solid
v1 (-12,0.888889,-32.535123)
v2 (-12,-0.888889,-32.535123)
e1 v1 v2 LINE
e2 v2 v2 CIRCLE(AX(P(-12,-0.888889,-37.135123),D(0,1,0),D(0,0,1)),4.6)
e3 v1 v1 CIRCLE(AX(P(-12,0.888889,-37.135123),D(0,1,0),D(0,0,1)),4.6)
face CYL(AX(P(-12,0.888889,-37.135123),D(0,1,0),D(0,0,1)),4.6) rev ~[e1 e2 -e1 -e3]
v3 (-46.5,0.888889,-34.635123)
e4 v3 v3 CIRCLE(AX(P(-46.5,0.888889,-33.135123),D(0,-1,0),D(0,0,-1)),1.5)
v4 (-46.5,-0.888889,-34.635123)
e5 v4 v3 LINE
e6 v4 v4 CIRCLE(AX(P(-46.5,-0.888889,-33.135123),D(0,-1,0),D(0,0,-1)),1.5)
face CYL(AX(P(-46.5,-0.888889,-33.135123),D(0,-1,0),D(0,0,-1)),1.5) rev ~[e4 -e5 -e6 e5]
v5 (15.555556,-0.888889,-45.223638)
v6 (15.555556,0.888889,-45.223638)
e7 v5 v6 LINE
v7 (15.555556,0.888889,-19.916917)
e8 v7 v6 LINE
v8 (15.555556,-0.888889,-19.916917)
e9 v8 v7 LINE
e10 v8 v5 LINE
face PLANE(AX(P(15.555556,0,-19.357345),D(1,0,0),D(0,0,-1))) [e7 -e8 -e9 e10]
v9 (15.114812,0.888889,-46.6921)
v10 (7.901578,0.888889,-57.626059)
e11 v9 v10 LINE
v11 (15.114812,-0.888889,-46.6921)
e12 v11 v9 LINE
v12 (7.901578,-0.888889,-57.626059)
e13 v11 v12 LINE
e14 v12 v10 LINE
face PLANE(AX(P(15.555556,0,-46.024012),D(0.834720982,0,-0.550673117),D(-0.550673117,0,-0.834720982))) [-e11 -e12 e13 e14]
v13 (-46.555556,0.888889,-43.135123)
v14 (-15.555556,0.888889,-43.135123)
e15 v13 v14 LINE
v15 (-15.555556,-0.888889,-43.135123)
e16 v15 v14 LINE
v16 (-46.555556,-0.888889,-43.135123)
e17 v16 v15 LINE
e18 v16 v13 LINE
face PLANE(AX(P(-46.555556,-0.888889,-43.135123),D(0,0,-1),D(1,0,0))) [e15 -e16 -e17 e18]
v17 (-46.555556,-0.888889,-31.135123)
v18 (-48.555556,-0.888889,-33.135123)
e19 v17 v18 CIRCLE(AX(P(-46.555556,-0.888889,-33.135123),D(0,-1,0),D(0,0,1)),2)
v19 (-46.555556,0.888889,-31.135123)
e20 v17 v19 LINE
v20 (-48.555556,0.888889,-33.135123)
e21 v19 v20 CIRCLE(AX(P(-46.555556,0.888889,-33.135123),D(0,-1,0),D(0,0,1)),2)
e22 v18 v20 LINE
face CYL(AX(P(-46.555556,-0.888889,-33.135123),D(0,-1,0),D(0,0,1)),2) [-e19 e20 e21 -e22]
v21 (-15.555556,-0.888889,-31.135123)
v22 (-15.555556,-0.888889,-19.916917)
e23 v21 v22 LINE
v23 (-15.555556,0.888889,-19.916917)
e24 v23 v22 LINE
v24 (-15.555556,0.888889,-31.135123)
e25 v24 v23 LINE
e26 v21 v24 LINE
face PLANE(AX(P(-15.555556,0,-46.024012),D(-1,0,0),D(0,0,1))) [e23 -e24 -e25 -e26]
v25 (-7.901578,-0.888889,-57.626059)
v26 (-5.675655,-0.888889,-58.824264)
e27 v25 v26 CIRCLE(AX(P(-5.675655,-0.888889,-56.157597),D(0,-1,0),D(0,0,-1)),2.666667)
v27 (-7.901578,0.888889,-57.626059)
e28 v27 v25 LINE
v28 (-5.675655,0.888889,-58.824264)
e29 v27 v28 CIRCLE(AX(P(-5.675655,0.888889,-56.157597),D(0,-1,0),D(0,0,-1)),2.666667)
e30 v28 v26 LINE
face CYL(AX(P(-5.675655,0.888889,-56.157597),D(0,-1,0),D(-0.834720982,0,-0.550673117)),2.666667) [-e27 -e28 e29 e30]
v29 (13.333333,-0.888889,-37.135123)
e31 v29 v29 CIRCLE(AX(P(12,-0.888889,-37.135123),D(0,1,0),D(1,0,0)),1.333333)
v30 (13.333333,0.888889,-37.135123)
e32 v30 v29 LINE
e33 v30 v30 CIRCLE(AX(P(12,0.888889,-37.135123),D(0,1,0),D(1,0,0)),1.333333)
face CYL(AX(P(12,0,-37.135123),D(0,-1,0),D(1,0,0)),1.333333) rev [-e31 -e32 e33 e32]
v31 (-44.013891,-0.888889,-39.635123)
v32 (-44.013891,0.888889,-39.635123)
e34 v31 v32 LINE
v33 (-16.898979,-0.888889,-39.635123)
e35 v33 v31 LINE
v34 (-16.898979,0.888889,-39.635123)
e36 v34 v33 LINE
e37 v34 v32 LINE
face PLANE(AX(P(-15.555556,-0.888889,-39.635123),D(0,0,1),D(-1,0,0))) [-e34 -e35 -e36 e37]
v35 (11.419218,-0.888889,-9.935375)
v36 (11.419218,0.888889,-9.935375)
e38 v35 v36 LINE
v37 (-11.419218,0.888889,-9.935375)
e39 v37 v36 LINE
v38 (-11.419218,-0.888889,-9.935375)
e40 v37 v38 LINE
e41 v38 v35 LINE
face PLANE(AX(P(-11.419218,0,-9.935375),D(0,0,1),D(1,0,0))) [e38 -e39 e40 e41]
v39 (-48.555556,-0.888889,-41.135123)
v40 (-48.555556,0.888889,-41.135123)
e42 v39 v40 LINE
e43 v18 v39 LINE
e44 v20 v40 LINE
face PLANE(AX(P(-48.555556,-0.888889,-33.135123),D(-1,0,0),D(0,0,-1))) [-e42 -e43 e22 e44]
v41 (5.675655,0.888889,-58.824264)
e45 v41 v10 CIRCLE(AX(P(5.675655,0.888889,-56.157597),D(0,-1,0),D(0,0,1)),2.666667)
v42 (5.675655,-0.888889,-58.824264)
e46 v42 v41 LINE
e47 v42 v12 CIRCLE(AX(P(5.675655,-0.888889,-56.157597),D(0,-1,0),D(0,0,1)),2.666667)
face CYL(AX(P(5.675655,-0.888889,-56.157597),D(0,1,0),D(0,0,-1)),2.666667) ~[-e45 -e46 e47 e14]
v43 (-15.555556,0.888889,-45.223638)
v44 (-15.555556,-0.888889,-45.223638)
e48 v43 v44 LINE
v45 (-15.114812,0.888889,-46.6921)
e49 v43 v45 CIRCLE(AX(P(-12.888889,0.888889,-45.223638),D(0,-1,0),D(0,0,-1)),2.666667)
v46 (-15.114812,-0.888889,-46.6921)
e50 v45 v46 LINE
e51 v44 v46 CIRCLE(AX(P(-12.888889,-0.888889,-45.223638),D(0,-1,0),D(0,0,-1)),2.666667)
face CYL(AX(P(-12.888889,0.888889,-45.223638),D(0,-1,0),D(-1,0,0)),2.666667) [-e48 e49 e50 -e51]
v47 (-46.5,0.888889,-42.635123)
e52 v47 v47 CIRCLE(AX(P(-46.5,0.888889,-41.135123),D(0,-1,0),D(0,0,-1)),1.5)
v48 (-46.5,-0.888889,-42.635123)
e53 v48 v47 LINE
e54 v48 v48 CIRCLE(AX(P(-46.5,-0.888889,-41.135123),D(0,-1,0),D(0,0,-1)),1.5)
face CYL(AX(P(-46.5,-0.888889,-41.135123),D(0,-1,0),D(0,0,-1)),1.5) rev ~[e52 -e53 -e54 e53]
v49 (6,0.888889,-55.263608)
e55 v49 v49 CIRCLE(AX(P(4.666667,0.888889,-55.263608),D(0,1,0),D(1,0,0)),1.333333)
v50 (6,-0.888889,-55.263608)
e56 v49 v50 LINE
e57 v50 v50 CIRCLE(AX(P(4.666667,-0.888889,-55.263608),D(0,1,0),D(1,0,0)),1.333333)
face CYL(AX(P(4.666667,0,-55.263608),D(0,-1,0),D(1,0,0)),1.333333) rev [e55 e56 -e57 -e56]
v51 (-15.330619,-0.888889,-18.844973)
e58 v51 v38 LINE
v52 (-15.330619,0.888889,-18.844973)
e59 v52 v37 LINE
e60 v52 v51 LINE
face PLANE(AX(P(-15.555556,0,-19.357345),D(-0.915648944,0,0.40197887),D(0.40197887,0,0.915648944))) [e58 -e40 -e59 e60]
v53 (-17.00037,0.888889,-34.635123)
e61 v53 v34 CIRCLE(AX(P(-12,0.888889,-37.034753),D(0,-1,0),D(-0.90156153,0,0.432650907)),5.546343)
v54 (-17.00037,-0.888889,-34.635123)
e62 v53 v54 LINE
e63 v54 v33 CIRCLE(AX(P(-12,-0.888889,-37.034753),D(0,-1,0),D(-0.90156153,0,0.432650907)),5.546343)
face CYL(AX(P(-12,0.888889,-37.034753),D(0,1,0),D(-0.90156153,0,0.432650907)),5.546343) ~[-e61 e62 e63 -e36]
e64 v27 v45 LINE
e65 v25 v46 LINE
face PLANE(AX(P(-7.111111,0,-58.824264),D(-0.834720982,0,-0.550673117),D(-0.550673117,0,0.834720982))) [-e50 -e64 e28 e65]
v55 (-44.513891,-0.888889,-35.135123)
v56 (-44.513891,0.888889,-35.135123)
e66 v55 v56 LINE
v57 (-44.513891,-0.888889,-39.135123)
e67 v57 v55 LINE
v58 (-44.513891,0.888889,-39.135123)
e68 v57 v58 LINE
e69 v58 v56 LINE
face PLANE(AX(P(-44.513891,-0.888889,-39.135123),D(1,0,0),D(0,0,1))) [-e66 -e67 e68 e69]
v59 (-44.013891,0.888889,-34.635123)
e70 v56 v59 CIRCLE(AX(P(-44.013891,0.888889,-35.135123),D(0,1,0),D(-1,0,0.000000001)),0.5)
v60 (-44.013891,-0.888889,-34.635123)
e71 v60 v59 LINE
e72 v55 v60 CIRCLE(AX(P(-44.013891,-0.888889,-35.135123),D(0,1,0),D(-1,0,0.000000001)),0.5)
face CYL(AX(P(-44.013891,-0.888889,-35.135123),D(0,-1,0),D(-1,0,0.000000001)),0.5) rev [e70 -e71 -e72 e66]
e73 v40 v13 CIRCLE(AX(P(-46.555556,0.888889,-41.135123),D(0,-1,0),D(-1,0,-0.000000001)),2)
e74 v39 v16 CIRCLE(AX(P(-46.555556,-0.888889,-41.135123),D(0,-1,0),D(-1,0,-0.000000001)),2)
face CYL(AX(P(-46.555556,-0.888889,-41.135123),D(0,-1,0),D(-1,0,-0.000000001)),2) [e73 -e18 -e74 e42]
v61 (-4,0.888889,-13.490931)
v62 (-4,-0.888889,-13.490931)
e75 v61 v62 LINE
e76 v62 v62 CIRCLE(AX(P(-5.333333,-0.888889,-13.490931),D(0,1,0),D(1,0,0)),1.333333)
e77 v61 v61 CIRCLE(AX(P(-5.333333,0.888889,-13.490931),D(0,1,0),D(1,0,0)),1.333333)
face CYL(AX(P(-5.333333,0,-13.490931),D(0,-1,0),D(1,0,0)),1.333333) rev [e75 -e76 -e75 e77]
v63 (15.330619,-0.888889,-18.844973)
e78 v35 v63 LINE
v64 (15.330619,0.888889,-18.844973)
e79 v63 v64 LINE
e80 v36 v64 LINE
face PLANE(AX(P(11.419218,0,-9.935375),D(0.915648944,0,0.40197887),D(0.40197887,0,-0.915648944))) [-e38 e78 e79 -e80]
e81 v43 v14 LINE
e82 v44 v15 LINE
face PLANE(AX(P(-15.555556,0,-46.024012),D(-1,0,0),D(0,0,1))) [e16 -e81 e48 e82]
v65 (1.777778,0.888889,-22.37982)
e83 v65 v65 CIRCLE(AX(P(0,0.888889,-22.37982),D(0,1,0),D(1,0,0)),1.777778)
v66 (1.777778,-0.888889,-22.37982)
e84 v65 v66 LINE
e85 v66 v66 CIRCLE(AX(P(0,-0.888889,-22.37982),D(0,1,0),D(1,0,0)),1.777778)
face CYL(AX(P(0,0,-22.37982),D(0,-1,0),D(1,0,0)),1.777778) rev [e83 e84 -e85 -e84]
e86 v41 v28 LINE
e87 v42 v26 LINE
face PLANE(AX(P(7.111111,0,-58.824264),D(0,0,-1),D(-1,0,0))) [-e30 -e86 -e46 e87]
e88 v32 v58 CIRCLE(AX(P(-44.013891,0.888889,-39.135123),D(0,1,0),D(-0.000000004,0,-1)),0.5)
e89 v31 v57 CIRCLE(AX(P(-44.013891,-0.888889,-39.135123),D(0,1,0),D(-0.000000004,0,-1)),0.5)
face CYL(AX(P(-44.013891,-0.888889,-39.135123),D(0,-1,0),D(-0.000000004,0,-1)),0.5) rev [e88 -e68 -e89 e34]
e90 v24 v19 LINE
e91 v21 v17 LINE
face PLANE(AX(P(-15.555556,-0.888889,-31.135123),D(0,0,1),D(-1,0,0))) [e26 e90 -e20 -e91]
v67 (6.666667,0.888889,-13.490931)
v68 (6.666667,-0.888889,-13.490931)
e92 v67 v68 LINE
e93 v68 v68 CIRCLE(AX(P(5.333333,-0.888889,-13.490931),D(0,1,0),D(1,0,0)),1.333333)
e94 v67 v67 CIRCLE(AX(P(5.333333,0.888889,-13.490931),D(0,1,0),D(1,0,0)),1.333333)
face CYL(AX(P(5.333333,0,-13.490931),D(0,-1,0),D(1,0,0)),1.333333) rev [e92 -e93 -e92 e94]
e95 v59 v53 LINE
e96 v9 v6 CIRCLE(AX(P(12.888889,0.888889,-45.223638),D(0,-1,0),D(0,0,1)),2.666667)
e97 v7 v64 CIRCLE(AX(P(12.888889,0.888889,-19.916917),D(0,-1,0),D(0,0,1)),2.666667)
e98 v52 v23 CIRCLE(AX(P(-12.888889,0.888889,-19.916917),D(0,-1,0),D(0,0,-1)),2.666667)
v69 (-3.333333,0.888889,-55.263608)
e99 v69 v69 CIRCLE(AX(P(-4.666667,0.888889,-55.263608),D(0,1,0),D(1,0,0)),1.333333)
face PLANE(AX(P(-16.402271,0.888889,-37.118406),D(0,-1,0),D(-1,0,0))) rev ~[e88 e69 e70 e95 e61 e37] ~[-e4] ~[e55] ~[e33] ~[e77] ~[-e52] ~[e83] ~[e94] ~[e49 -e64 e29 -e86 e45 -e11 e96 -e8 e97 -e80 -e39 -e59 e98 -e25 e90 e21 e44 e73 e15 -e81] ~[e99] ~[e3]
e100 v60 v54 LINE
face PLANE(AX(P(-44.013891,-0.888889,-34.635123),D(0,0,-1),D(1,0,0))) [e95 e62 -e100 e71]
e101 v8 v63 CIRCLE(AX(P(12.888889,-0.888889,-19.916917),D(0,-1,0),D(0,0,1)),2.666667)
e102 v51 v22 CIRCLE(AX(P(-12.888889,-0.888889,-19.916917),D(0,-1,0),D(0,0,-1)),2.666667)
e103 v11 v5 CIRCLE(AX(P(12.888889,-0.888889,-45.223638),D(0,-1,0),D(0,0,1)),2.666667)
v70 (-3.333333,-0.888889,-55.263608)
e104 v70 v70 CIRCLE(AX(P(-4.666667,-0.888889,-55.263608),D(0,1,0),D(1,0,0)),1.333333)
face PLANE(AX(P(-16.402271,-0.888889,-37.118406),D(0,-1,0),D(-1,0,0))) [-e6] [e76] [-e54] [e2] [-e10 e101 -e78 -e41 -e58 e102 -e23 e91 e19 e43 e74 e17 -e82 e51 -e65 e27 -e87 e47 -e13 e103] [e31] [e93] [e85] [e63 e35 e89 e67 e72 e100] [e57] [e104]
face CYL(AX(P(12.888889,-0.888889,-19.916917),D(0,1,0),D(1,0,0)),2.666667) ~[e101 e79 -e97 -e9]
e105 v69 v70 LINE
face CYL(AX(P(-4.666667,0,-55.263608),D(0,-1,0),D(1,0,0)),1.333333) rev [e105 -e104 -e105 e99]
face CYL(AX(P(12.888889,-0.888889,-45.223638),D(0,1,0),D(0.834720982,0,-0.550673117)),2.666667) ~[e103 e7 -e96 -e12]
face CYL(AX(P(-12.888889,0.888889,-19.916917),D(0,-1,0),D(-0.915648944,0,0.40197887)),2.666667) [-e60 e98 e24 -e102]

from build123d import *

# Parameters (mm, degrees)
CROQUIS1_R              = 1.5
CROQUIS1_R_2            = 2
SALIENTE_EXTRUIR1_DEPTH = 1
REDONDEO1_R             = 3
SCALE1_SCALE            = 0.888888889
SKETCH1_R               = 1.5
BOSS_EXTRUDE1_DEPTH     = 1.777777778
BOSS_EXTRUDE2_DEPTH     = 1.777777778
SKETCH3_R               = 4.6
CUT_EXTRUDE1_DEPTH      = 10


with BuildPart() as part:
    # Croquis1 → Saliente-Extruir1 (new, symmetric)
    with BuildSketch(Plane(origin=(0, 0, 0), x_dir=(1, 0, 0), z_dir=(0, 1, 0))):
        Polygon((-12.846620717, 7), (12.846620717, 7), (17.5, 17.599715907), (17.5, 47.599715907), (8, 62), (-8, 62), (-17.5, 47.599715907), (-17.5, 17.599715907), align=None)
        with Locations((-6, 11)):
            Circle(CROQUIS1_R, mode=Mode.SUBTRACT)
        with Locations((6, 11)):
            Circle(CROQUIS1_R, mode=Mode.SUBTRACT)
        with Locations((0, 21)):
            Circle(CROQUIS1_R_2, mode=Mode.SUBTRACT)
        with Locations((-13.5, 37.599715907)):
            Circle(CROQUIS1_R, mode=Mode.SUBTRACT)
        with Locations((-5.25, 57.994261746)):
            Circle(CROQUIS1_R, mode=Mode.SUBTRACT)
        with Locations((13.5, 37.599715907)):
            Circle(CROQUIS1_R, mode=Mode.SUBTRACT)
        with Locations((5.25, 57.994261746)):
            Circle(CROQUIS1_R, mode=Mode.SUBTRACT)
    extrude(amount=SALIENTE_EXTRUIR1_DEPTH, both=True)

    # Redondeo1
    redondeo1_edges = [part.edges().sort_by_distance(p)[0] for p in [
        (17.5, 0, -17.599715907),
        (-17.5, 0, -17.599715907),
        (-17.5, 0, -47.599715907),
        (-8, 0, -62),
        (8, 0, -62),
        (17.5, 0, -47.599715907),
    ]]
    fillet(redondeo1_edges, radius=REDONDEO1_R)


with BuildPart() as part_1:
    # Scale1: scaled about (0, 0, -33.418377338)
    add(part.part.scale(SCALE1_SCALE).moved(Location((0, 0, -3.713153038))))

    # Sketch1 → Boss-Extrude1 (add)
    with BuildSketch(Plane.XZ.offset(0.888888889)):
        with BuildLine():
            Line((-15.555555556, -31.135122733), (-46.555555556, -31.135122733))
            ThreePointArc((-46.555555556, -31.135122733), (-47.969769118, -31.72090917), (-48.555555556, -33.135122733))
            Line((-48.555555556, -33.135122733), (-48.555555556, -41.135122733))
            ThreePointArc((-48.555555556, -41.135122733), (-47.969769118, -42.549336295), (-46.555555556, -43.135122733))
            Line((-46.555555556, -43.135122733), (-15.555555556, -43.135122733))
            Line((-15.555555556, -43.135122733), (-15.555555556, -39.635122733))
            Line((-15.555555556, -39.635122733), (-44.013890567, -39.635122733))
            ThreePointArc((-44.013890567, -39.635122733), (-44.367443957, -39.488676123), (-44.513890567, -39.135122733))
            Line((-44.513890567, -39.135122733), (-44.513890567, -35.135122733))
            ThreePointArc((-44.513890567, -35.135122733), (-44.367443957, -34.781569342), (-44.013890567, -34.635122733))
            Line((-44.013890567, -34.635122733), (-15.555555556, -34.635122733))
            Line((-15.555555556, -34.635122733), (-15.555555556, -31.135122733))
        make_face()
        with Locations(Location((-46.5, -33.135122733, 0), (0, 0, 270))):
            Circle(SKETCH1_R, mode=Mode.SUBTRACT)
        with Locations(Location((-46.5, -41.135122733, 0), (0, 0, 270))):
            Circle(SKETCH1_R, mode=Mode.SUBTRACT)
    extrude(amount=-BOSS_EXTRUDE1_DEPTH)

    # Sketch2 → Boss-Extrude2 (add)
    with BuildSketch(Plane(origin=(0, 0.888888889, 0), x_dir=(1, 0, 0), z_dir=(0, 1, 0))):
        with BuildLine():
            Line((-16.898979486, 39.635122733), (-15.555555556, 39.635122733))
            Line((-15.555555556, 39.635122733), (-15.555555556, 34.635122733))
            Line((-15.555555556, 34.635122733), (-17.0003696, 34.635122733))
            ThreePointArc((-17.0003696, 34.635122733), (-17.54520316, 37.147198875), (-16.898979486, 39.635122733))
        make_face()
    extrude(amount=-BOSS_EXTRUDE2_DEPTH)

    # Sketch3 → Cut-Extrude1 (cut)
    with BuildSketch(Plane(origin=(0, 0.888888889, 0), x_dir=(1, 0, 0), z_dir=(0, 1, 0))):
        with Locations(Location((-12, 37.135122733, 0), (0, 0, 270))):
            Circle(SKETCH3_R)
    extrude(amount=-CUT_EXTRUDE1_DEPTH, mode=Mode.SUBTRACT)


solid = part_1.part
